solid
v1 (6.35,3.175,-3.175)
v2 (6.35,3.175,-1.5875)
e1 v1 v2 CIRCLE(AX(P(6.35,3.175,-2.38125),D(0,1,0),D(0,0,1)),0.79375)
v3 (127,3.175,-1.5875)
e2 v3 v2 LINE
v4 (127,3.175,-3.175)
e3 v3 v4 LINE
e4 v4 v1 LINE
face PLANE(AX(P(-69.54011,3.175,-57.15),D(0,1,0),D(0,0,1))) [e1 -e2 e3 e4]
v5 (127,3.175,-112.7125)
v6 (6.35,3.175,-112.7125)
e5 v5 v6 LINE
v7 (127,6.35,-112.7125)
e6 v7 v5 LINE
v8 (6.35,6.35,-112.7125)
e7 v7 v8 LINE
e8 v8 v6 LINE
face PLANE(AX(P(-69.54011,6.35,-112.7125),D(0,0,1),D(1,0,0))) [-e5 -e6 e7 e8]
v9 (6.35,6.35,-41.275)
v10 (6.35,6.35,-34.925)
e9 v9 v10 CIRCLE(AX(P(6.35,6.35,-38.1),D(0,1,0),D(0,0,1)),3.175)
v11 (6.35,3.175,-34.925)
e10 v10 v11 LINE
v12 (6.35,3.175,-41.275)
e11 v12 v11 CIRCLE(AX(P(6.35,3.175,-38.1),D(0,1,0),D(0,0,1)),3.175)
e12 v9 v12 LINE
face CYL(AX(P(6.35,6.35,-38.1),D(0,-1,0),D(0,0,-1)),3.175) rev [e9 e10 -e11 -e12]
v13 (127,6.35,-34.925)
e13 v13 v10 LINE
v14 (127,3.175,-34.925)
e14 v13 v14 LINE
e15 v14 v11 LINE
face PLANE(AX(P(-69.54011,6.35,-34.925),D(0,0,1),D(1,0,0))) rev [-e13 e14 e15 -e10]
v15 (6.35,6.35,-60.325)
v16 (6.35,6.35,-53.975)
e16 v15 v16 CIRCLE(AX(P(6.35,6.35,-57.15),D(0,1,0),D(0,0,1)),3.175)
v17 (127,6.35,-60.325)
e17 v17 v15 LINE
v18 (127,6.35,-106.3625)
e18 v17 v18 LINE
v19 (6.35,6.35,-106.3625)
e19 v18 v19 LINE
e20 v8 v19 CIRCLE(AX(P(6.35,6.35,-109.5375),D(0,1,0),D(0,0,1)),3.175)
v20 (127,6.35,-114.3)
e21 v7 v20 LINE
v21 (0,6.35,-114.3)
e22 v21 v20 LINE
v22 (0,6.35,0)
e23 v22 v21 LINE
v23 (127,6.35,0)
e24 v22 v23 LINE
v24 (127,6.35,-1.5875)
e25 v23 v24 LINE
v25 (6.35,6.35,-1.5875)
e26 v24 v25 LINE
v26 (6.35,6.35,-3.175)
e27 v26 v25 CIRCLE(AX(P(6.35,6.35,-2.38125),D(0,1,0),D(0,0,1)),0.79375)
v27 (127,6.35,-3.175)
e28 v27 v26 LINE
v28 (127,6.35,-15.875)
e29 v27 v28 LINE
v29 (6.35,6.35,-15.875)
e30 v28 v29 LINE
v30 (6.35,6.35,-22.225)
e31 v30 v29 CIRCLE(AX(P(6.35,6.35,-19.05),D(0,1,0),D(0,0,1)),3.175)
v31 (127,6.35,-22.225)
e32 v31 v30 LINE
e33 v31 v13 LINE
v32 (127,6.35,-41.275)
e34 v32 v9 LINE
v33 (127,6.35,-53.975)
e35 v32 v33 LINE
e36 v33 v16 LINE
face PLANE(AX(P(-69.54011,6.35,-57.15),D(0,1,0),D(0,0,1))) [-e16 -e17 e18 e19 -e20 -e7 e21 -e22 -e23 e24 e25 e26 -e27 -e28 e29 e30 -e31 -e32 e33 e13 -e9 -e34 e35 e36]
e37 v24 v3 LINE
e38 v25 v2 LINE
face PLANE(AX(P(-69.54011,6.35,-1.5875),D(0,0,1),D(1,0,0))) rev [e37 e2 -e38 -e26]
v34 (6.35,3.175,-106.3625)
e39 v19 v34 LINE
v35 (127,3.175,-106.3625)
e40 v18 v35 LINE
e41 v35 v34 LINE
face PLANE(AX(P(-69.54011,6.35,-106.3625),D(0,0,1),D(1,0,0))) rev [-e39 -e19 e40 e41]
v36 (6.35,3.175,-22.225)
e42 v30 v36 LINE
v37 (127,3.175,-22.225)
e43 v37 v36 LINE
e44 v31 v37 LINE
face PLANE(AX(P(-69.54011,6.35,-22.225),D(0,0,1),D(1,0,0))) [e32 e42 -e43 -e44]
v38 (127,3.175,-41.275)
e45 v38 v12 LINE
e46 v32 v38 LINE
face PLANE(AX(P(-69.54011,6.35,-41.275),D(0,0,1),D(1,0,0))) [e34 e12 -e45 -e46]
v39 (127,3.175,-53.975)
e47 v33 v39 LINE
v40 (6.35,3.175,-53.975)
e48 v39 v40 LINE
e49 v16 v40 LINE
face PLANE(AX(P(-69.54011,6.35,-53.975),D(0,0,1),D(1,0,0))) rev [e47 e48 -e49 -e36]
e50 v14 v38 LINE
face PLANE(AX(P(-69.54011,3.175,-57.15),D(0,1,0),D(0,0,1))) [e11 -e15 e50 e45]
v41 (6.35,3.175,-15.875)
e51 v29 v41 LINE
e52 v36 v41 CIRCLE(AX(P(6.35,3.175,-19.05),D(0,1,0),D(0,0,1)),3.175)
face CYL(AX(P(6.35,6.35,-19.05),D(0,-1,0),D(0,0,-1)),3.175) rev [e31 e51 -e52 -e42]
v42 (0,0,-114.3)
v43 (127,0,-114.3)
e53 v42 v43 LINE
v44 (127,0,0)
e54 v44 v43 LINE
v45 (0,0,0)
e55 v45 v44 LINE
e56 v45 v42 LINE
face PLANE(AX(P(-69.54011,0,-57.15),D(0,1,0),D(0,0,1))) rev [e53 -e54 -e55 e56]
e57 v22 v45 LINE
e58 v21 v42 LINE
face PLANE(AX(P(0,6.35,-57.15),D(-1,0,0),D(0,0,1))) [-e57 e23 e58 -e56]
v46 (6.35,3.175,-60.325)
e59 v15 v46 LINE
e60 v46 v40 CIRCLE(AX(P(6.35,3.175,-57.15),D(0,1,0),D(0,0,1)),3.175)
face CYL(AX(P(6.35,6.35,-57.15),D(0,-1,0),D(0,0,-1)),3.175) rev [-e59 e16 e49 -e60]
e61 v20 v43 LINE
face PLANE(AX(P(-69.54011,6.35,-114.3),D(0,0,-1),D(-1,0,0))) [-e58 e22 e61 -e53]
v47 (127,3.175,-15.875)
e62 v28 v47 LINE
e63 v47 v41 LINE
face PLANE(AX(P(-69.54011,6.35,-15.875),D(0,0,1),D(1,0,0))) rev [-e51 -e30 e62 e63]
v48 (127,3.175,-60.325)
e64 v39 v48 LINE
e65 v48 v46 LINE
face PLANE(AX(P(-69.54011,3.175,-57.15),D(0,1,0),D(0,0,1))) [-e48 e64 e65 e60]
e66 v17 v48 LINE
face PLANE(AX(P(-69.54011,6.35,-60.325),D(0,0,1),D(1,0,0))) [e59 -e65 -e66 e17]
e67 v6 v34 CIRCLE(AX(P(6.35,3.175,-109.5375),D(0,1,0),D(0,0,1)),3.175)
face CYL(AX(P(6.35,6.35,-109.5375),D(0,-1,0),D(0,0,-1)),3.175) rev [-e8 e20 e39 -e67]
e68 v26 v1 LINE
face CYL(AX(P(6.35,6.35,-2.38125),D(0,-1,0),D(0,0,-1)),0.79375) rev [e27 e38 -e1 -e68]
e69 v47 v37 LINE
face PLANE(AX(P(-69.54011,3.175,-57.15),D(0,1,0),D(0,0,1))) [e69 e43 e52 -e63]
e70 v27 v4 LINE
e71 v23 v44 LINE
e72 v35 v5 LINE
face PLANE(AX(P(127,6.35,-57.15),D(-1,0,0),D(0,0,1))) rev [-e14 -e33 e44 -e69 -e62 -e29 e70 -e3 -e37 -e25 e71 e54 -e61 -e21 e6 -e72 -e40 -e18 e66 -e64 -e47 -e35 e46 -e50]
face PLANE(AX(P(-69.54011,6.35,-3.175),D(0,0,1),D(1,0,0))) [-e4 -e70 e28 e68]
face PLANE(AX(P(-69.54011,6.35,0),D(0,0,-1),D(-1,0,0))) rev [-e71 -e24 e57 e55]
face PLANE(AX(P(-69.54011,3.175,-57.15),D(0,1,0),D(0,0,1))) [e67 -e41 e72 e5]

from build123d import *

# Parameters (mm, degrees)
BOSS_EXTRUDE1_DEPTH = 6.35
BOSS_EXTRUDE2_DEPTH = 3.175


with BuildPart() as part:
    # Sketch1 → Boss-Extrude1 (new body)
    with BuildSketch(Plane(origin=(0, 0, 0), x_dir=(1, 0, 0), z_dir=(0, 1, 0))):
        with BuildLine():
            Line((0, 114.3), (0, 0))
            Line((0, 0), (127, 0))
            Line((127, 0), (127, 1.5875))
            Line((127, 1.5875), (6.35, 1.5875))
            ThreePointArc((6.35, 1.5875), (5.55625, 2.38125), (6.35, 3.175))
            Line((6.35, 3.175), (127, 3.175))
            Line((127, 3.175), (127, 15.875))
            Line((127, 15.875), (6.35, 15.875))
            ThreePointArc((6.35, 15.875), (3.175, 19.05), (6.35, 22.225))
            Line((6.35, 22.225), (127, 22.225))
            Line((127, 22.225), (127, 34.925))
            Line((127, 34.925), (6.35, 34.925))
            ThreePointArc((6.35, 34.925), (3.175, 38.1), (6.35, 41.275))
            Line((6.35, 41.275), (127, 41.275))
            Line((127, 41.275), (127, 53.975))
            Line((127, 53.975), (6.35, 53.975))
            ThreePointArc((6.35, 53.975), (3.175, 57.15), (6.35, 60.325))
            Line((6.35, 60.325), (127, 60.325))
            Line((127, 60.325), (127, 106.3625))
            Line((127, 106.3625), (6.35, 106.3625))
            ThreePointArc((6.35, 106.3625), (3.175, 109.5375), (6.35, 112.7125))
            Line((6.35, 112.7125), (127, 112.7125))
            Line((127, 112.7125), (127, 114.3))
            Line((127, 114.3), (0, 114.3))
        make_face()
    extrude(amount=BOSS_EXTRUDE1_DEPTH)

    # Sketch1<3> → Boss-Extrude2 (add)
    with BuildSketch(Plane(origin=(0, 0, 0), x_dir=(1, 0, 0), z_dir=(0, 1, 0))):
        with BuildLine():
            Line((6.35, 1.5875), (127, 1.5875))
            Line((127, 1.5875), (127, 3.175))
            Line((127, 3.175), (6.35, 3.175))
            ThreePointArc((6.35, 3.175), (5.55625, 2.38125), (6.35, 1.5875))
        make_face()
        with BuildLine():
            Line((127, 106.3625), (127, 112.7125))
            Line((127, 112.7125), (6.35, 112.7125))
            ThreePointArc((6.35, 112.7125), (3.175, 109.5375), (6.35, 106.3625))
            Line((6.35, 106.3625), (127, 106.3625))
        make_face()
        with BuildLine():
            Line((6.35, 15.875), (127, 15.875))
            Line((127, 15.875), (127, 22.225))
            Line((127, 22.225), (6.35, 22.225))
            ThreePointArc((6.35, 22.225), (3.175, 19.05), (6.35, 15.875))
        make_face()
        with BuildLine():
            Line((127, 53.975), (127, 60.325))
            Line((127, 60.325), (6.35, 60.325))
            ThreePointArc((6.35, 60.325), (3.175, 57.15), (6.35, 53.975))
            Line((6.35, 53.975), (127, 53.975))
        make_face()
        with BuildLine():
            Line((6.35, 34.925), (127, 34.925))
            Line((127, 34.925), (127, 41.275))
            Line((127, 41.275), (6.35, 41.275))
            ThreePointArc((6.35, 41.275), (3.175, 38.1), (6.35, 34.925))
        make_face()
    extrude(amount=BOSS_EXTRUDE2_DEPTH)


solid = part.part
